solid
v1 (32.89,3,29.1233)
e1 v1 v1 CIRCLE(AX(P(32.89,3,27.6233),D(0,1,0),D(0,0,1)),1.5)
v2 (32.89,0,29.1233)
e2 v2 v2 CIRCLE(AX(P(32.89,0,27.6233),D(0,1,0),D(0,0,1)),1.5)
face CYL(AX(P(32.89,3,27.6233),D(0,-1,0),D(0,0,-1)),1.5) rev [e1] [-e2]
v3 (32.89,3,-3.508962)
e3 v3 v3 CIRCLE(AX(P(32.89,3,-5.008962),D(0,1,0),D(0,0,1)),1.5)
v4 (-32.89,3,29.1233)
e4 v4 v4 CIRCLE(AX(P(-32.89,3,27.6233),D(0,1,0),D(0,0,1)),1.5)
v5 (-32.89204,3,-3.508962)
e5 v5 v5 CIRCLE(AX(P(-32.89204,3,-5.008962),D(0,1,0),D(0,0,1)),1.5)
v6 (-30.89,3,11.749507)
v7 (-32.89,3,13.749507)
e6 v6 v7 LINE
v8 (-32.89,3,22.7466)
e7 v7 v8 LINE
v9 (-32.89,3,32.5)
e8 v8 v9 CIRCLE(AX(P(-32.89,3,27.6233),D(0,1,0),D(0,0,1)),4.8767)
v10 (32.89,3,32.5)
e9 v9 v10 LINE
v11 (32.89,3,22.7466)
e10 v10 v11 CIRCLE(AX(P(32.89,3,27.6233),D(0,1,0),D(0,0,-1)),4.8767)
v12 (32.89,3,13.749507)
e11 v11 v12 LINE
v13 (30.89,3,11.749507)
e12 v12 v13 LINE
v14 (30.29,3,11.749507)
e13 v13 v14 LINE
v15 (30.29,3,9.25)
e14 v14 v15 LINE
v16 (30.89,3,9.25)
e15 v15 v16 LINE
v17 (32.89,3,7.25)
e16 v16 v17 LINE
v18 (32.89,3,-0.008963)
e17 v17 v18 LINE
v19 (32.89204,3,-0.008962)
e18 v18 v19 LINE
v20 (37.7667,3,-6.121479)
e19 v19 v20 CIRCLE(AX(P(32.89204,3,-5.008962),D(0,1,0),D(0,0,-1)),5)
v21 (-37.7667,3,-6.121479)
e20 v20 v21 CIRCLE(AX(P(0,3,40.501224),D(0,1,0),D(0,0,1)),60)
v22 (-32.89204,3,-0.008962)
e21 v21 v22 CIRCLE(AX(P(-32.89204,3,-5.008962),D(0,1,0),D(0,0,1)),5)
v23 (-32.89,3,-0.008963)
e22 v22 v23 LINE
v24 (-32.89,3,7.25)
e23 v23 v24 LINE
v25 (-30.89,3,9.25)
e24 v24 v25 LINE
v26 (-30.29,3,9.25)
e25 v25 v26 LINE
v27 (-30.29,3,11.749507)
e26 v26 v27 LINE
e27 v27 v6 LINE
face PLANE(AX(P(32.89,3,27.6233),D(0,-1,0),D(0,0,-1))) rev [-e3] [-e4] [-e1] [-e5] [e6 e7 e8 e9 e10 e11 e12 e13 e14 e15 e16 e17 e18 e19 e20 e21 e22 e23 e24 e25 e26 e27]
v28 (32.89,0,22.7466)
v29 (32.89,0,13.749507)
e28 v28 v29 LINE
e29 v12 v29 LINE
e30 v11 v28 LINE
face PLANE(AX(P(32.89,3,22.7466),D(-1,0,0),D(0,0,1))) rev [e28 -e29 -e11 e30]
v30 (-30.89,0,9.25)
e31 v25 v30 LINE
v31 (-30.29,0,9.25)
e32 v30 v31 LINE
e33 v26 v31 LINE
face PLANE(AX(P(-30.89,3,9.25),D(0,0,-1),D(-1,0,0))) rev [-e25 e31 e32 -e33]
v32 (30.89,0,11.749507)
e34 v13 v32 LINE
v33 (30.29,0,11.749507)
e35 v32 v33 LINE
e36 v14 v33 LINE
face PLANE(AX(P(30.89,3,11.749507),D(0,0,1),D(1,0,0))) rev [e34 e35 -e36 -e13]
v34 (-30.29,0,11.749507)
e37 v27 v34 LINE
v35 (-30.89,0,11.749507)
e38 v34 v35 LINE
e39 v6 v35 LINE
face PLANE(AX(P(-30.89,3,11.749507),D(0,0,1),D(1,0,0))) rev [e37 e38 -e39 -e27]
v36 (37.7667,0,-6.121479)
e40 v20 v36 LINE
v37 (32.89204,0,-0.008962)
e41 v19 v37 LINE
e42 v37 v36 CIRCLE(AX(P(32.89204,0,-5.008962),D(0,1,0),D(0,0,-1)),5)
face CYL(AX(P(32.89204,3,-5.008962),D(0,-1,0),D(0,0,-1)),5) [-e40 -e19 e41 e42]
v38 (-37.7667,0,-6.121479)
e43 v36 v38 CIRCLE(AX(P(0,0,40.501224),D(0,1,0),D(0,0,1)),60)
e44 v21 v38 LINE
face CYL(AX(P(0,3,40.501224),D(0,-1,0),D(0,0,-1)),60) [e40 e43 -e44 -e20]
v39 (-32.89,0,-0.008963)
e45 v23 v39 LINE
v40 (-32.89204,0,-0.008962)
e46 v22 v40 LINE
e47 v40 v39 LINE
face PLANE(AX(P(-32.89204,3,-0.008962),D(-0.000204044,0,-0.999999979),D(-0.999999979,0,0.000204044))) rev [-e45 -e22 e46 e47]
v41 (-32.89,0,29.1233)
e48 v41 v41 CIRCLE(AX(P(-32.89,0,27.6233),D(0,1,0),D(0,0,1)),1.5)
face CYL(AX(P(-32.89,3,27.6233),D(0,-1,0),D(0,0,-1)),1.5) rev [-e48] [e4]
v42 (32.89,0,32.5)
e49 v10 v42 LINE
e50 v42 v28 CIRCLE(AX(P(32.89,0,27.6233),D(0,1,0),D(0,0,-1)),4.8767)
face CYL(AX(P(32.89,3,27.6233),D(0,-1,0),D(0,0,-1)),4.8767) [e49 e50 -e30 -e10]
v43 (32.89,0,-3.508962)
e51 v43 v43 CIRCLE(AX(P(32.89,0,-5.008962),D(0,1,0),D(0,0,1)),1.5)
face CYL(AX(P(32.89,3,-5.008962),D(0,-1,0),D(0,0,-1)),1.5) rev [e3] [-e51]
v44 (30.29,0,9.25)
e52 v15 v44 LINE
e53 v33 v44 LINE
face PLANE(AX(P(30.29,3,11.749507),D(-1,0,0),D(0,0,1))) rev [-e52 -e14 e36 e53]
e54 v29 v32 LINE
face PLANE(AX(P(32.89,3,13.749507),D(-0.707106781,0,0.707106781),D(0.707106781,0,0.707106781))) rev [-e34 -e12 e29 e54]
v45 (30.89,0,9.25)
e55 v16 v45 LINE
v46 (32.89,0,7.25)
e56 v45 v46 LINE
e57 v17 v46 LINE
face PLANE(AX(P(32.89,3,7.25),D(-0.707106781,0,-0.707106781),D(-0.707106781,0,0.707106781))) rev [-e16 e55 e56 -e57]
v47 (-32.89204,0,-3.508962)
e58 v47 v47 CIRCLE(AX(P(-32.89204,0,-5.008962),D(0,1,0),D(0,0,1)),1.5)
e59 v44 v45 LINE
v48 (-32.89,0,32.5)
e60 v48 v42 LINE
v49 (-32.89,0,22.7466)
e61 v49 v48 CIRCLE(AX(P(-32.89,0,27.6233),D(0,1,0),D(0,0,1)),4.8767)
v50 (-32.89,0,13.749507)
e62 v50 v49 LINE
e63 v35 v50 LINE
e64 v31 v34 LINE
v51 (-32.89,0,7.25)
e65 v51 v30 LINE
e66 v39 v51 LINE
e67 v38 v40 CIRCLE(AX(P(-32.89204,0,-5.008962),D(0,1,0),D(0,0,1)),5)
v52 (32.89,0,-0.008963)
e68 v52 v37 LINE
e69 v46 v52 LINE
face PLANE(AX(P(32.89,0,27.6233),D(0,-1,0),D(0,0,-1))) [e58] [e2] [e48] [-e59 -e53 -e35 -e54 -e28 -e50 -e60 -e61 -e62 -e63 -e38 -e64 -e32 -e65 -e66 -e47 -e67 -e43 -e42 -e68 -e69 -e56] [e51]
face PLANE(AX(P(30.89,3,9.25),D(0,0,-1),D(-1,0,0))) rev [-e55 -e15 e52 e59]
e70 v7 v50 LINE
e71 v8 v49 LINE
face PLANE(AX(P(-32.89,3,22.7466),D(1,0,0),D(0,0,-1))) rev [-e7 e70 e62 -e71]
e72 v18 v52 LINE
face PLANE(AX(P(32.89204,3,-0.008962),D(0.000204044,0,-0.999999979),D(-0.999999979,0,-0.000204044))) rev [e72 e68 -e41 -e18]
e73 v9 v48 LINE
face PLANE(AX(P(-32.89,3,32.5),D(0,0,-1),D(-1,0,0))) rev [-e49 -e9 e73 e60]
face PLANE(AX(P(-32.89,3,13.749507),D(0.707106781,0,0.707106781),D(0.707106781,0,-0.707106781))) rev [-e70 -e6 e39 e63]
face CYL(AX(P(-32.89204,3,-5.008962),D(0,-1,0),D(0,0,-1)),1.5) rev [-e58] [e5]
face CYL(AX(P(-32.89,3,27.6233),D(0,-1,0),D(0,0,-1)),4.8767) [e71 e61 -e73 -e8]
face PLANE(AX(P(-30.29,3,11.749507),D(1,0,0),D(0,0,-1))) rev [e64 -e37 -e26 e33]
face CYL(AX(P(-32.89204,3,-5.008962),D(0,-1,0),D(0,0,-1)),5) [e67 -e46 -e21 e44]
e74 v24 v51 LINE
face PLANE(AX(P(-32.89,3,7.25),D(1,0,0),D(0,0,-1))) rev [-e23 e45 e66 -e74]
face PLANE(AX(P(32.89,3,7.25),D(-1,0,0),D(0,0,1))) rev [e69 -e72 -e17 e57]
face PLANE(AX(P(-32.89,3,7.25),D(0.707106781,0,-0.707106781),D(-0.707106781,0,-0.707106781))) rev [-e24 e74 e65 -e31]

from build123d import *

# Parameters (mm, degrees)
CROQUIS1_R              = 1.5
SALIENTE_EXTRUIR1_DEPTH = 3


with BuildPart() as part:
    # Croquis1 → Saliente-Extruir1 (new body)
    with BuildSketch(Plane(origin=(0, 0, 0), x_dir=(1, 0, 0), z_dir=(0, 1, 0))):
        with BuildLine():
            Line((-32.89, -7.25), (-32.89, 0.008962831))
            Line((-32.89, 0.008962831), (-32.892040435, 0.008962415))
            ThreePointArc((-32.892040435, 0.008962415), (-36.801169554, 1.891477927), (-37.766700191, 6.121478601))
            ThreePointArc((-37.766700191, 6.121478601), (0, 19.498776441), (37.766700191, 6.121478601))
            ThreePointArc((37.766700191, 6.121478601), (36.801169554, 1.891477927), (32.892040435, 0.008962415))
            Line((32.892040435, 0.008962415), (32.89, 0.008962831))
            Line((32.89, 0.008962831), (32.89, -7.25))
            Line((32.89, -7.25), (30.89, -9.25))
            Line((30.89, -9.25), (30.29, -9.25))
            Line((30.29, -9.25), (30.29, -11.749506691))
            Line((30.29, -11.749506691), (30.89, -11.749506691))
            Line((30.89, -11.749506691), (32.89, -13.749506691))
            Line((32.89, -13.749506691), (32.89, -22.746599618))
            ThreePointArc((32.89, -22.746599618), (37.766700191, -27.623299809), (32.89, -32.5))
            Line((32.89, -32.5), (-32.89, -32.5))
            ThreePointArc((-32.89, -32.5), (-37.766700191, -27.623299809), (-32.89, -22.746599618))
            Line((-32.89, -22.746599618), (-32.89, -13.749506691))
            Line((-32.89, -13.749506691), (-30.89, -11.749506691))
            Line((-30.89, -11.749506691), (-30.29, -11.749506691))
            Line((-30.29, -11.749506691), (-30.29, -9.25))
            Line((-30.29, -9.25), (-30.89, -9.25))
            Line((-30.89, -9.25), (-32.89, -7.25))
        make_face()
        with Locations(Location((-32.892040435, 5.008962415, 0), (0, 0, 270))):
            Circle(CROQUIS1_R, mode=Mode.SUBTRACT)
        with Locations(Location((32.89, 5.008962415, 0), (0, 0, 270))):
            Circle(CROQUIS1_R, mode=Mode.SUBTRACT)
        with Locations(Location((-32.89, -27.623299809, 0), (0, 0, 270))):
            Circle(CROQUIS1_R, mode=Mode.SUBTRACT)
        with Locations(Location((32.89, -27.623299809, 0), (0, 0, 270))):
            Circle(CROQUIS1_R, mode=Mode.SUBTRACT)
    extrude(amount=SALIENTE_EXTRUIR1_DEPTH)


solid = part.part
